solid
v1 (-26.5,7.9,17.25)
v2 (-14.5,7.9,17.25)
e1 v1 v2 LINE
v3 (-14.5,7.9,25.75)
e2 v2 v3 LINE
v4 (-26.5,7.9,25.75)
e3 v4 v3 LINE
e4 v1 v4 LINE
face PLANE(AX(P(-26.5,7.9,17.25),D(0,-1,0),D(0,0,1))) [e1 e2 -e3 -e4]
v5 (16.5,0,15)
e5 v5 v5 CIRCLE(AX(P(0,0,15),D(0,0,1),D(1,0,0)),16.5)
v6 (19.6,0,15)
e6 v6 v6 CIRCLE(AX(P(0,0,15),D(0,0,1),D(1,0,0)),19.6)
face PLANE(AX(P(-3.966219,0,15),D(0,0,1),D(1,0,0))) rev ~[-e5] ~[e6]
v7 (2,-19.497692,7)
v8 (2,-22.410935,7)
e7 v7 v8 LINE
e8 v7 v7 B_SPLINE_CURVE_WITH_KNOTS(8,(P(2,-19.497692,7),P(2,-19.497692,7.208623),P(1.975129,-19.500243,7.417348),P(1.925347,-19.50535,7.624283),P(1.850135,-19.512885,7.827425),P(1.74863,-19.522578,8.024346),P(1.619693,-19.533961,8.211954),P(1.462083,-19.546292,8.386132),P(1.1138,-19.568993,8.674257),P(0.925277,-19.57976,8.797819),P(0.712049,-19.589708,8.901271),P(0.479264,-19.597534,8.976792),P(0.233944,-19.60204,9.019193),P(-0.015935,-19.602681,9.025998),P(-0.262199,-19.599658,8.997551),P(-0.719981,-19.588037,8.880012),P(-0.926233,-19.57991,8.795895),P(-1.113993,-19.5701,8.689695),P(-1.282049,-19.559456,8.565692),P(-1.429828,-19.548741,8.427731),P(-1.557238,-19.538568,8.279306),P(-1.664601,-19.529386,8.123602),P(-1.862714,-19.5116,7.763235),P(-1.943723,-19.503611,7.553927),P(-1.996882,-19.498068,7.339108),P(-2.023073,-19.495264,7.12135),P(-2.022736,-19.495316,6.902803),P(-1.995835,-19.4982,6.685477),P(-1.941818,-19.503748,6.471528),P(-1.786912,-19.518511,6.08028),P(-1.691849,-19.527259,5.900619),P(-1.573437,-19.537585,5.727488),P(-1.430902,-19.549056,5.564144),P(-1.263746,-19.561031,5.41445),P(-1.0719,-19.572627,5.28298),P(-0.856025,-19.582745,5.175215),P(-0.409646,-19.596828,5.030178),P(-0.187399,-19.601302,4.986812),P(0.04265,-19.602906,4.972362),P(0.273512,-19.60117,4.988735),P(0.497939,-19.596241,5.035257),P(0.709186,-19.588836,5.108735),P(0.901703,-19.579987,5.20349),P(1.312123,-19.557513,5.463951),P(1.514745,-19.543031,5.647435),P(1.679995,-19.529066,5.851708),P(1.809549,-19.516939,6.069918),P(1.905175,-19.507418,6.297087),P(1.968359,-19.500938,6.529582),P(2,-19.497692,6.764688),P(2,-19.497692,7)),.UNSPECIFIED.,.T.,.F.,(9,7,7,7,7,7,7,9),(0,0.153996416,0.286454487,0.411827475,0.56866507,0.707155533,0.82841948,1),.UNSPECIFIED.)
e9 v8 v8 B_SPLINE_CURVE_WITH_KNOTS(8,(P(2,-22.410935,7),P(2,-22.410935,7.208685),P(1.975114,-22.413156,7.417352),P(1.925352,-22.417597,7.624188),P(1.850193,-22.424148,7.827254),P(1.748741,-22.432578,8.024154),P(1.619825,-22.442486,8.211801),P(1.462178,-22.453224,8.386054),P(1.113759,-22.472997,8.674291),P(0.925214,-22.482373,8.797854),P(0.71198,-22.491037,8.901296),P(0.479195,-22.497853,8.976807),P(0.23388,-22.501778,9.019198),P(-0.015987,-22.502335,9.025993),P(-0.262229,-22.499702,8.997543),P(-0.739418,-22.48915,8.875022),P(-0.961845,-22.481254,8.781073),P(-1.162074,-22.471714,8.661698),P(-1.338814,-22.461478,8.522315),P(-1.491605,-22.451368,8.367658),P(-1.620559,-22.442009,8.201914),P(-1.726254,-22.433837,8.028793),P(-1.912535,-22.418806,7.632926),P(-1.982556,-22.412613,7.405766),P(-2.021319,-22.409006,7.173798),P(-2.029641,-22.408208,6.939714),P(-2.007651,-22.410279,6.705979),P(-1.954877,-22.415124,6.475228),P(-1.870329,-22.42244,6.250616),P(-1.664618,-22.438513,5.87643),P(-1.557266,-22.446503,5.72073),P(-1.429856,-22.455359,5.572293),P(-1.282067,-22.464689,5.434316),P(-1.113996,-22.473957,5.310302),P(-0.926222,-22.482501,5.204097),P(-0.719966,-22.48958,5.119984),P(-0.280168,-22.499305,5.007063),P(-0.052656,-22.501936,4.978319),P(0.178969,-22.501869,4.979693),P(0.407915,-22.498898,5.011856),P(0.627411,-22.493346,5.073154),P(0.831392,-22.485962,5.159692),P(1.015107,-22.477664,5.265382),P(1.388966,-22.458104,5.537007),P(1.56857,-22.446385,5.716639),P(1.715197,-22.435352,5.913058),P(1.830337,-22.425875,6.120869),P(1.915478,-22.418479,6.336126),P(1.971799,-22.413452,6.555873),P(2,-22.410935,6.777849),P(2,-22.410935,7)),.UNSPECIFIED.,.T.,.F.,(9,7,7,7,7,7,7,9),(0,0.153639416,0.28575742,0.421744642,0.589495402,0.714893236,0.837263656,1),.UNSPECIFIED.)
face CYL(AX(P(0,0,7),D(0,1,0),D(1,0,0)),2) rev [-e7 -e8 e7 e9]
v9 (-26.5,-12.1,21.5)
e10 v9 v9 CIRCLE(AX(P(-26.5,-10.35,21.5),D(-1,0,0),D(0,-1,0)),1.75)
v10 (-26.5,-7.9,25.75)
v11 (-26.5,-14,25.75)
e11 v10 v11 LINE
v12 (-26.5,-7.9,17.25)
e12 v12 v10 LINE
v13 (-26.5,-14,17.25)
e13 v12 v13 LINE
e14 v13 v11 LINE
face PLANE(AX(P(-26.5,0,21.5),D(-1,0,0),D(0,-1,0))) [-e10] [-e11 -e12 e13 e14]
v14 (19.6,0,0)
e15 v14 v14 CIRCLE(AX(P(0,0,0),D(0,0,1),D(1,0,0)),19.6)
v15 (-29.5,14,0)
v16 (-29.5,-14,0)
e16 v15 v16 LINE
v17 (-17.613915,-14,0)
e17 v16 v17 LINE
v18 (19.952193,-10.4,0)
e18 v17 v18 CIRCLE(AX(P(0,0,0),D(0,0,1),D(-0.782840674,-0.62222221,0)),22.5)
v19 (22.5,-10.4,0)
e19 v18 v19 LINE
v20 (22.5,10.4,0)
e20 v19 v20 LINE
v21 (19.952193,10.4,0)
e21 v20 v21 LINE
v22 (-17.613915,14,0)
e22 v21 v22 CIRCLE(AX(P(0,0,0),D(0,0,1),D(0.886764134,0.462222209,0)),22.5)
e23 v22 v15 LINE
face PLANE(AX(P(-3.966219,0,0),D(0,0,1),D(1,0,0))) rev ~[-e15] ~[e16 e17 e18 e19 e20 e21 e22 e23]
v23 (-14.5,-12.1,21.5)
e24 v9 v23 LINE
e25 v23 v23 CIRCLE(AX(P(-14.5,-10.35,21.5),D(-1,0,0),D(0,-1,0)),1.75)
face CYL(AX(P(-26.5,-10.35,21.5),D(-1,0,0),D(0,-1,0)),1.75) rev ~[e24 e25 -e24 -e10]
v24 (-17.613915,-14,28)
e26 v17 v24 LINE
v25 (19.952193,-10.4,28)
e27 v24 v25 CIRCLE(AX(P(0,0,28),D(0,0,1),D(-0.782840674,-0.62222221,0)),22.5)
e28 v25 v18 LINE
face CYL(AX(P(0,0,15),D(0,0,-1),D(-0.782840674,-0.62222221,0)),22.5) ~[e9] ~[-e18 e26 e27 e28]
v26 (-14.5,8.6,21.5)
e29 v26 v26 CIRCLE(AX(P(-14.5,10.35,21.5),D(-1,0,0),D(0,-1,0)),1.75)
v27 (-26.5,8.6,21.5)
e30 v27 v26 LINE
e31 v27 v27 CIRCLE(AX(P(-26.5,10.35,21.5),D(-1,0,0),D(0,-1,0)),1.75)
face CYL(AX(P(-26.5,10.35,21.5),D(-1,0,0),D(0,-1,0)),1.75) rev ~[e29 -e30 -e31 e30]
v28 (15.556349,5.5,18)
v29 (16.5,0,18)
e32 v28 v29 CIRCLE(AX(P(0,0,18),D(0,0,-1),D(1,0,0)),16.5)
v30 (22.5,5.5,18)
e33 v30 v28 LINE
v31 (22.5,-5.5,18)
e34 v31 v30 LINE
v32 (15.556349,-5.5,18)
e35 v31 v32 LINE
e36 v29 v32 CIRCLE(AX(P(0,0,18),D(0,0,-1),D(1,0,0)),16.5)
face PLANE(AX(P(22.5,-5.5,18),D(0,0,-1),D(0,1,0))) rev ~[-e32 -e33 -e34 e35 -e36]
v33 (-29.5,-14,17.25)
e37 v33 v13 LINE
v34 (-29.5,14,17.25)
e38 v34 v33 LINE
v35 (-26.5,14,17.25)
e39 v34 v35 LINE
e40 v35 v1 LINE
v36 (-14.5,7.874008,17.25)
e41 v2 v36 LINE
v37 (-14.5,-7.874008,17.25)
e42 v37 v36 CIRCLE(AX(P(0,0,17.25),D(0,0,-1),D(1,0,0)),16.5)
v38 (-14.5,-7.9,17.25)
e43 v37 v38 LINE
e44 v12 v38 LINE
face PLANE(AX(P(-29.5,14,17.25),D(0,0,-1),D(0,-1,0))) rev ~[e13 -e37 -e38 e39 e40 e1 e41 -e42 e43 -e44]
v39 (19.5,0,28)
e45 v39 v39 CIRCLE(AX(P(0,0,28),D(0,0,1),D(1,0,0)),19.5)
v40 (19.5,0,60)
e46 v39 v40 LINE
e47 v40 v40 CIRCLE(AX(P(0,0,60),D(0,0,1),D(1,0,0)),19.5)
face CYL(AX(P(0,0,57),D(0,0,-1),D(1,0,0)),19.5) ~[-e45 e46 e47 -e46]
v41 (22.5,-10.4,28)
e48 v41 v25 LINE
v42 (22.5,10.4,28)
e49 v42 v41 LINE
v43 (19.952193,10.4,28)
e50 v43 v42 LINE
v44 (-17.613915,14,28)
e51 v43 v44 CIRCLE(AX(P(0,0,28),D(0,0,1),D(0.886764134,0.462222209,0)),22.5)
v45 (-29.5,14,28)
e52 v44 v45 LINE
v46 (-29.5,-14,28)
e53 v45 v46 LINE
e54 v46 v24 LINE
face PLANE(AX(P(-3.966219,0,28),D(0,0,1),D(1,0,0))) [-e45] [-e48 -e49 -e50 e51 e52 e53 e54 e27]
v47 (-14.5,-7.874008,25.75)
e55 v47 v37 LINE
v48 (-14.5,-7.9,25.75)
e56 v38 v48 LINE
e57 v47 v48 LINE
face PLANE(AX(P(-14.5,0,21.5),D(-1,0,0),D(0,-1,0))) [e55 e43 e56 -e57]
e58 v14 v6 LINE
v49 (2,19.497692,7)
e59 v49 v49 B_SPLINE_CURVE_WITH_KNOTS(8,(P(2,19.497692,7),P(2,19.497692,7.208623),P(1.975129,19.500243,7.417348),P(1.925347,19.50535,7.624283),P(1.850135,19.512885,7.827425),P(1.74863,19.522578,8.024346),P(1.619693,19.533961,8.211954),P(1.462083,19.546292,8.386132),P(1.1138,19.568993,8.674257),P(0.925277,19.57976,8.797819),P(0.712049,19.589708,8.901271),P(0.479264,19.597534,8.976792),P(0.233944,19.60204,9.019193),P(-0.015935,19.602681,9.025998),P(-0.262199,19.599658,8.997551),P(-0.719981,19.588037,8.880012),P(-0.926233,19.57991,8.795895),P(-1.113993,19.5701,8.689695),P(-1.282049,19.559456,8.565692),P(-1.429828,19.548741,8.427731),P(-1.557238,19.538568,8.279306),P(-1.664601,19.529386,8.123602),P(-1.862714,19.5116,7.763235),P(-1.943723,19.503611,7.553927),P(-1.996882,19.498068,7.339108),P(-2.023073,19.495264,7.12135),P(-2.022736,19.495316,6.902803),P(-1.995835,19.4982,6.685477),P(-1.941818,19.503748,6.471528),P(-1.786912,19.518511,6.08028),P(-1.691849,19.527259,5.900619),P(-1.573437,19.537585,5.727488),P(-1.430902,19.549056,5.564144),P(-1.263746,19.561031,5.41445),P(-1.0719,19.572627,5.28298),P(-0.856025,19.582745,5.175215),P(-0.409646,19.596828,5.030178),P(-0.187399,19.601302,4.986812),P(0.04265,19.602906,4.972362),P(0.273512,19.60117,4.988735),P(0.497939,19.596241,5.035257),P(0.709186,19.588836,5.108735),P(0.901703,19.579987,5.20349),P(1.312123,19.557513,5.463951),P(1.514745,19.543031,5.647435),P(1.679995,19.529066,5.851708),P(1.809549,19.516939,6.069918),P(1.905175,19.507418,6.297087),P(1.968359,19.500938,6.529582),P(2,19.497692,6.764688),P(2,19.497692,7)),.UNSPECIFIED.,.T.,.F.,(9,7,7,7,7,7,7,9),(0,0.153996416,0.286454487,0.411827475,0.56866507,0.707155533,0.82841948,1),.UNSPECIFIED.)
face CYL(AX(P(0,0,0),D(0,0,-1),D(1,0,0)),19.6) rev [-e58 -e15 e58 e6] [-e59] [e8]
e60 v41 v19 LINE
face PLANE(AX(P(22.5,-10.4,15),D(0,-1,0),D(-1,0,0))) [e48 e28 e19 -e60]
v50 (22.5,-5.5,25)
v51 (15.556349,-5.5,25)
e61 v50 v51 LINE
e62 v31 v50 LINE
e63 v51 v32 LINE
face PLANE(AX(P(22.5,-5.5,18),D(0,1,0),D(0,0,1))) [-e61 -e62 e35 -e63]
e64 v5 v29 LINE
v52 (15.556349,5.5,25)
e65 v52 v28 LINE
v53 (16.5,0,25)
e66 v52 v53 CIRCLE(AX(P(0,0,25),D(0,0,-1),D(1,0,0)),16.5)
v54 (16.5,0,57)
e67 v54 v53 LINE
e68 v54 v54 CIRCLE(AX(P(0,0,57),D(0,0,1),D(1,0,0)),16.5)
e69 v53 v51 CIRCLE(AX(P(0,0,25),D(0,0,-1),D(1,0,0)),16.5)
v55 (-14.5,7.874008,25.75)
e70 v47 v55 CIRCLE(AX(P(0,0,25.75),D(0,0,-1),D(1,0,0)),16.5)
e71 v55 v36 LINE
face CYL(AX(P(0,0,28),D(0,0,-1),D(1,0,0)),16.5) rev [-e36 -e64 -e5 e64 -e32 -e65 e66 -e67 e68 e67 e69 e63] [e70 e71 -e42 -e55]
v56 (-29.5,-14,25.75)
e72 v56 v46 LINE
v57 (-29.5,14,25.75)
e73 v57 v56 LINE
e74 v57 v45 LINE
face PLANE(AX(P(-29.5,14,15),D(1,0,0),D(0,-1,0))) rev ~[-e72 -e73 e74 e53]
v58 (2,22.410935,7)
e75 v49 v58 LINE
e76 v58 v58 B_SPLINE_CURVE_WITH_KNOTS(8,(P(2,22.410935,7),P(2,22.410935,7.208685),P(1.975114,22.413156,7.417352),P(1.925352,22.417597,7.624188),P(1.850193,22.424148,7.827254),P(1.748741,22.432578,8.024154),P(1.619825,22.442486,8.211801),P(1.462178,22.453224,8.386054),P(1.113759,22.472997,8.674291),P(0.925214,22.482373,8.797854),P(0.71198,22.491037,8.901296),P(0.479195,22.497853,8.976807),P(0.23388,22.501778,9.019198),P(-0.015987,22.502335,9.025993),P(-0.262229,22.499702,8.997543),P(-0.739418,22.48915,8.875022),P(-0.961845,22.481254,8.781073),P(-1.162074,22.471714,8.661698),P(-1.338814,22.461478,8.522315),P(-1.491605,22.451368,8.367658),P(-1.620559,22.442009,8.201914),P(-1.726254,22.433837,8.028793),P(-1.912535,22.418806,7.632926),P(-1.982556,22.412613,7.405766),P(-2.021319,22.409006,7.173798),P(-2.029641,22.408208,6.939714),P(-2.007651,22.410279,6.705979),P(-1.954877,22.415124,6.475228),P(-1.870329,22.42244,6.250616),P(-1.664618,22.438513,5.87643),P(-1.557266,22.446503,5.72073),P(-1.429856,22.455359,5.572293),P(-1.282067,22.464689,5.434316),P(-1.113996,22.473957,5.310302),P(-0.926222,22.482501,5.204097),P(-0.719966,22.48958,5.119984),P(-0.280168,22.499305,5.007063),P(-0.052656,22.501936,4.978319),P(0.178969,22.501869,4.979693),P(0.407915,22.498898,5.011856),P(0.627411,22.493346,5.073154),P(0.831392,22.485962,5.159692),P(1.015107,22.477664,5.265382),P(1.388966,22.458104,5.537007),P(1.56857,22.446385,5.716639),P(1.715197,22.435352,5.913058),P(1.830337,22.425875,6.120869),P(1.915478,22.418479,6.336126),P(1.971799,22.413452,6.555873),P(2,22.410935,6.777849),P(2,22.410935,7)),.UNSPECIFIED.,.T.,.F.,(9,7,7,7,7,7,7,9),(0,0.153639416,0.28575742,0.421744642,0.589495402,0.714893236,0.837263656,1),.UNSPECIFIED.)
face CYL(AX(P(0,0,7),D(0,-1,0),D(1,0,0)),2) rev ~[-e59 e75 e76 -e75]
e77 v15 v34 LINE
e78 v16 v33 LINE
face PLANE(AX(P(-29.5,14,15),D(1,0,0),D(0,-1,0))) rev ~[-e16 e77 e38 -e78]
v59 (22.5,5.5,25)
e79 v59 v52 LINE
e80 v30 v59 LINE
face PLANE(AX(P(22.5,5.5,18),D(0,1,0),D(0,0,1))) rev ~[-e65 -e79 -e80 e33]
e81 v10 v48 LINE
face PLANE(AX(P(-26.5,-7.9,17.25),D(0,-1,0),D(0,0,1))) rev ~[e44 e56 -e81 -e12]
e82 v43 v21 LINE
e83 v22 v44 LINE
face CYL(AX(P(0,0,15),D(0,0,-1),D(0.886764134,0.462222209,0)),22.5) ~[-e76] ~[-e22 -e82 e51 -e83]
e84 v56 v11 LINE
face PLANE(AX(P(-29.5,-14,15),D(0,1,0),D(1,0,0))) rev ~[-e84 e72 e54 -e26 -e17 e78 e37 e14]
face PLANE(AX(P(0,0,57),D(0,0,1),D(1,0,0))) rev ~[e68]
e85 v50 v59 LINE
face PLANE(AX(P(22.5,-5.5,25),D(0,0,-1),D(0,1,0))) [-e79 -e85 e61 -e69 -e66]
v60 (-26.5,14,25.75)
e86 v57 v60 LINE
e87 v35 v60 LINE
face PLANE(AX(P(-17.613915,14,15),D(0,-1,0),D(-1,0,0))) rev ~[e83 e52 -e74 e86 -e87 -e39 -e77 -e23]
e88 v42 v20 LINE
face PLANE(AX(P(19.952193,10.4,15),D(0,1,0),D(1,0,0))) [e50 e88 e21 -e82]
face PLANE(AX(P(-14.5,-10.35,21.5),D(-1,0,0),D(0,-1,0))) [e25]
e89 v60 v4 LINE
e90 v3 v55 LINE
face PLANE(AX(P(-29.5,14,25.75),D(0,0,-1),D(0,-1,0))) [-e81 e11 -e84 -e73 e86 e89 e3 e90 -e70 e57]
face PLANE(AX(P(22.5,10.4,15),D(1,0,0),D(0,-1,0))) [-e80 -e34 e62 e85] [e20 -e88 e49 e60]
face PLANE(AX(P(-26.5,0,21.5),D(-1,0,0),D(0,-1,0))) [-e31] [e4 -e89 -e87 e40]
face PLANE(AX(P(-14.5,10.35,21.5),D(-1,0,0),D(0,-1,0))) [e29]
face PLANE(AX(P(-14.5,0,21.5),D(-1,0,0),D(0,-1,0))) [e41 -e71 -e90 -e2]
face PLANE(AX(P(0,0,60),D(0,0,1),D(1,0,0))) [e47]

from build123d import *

# Parameters (mm, degrees)
SKETCH_R        = 19.6
PAD_DEPTH       = 15
SKETCH001_R     = 16.5
PAD001_DEPTH    = 13
SKETCH002_W     = 11
SKETCH002_H     = 7
POCKET_DEPTH    = 10
SKETCH003_W     = 28
SKETCH003_H     = 8.5
POCKET001_DEPTH = 3
SKETCH004_R     = 1.75
SKETCH004_W     = 15.8
SKETCH004_H     = 8.5
POCKET002_DEPTH = 12
SKETCH006_R     = 2
HOLE_DEPTH      = 22.501
SKETCH007_R     = 2
HOLE001_DEPTH   = 22.501
SKETCH008_R     = 19.5
SKETCH008_R_2   = 16.5
PAD002_DEPTH    = 29
SKETCH009_R     = 19.5
PAD003_DEPTH    = 3


with BuildPart() as part:
    # Sketch → Pad (new body)
    with BuildSketch(Plane.XY):
        with BuildLine():
            Line((-29.5, 14), (-29.5, -14))
            Line((-29.5, -14), (-17.613915, -14))
            ThreePointArc((-17.613915, -14), (2.146366, -22.397391), (19.952193, -10.4))
            Line((19.952193, -10.4), (22.5, -10.4))
            Line((22.5, -10.4), (22.5, 10.4))
            Line((22.5, 10.4), (19.952193, 10.4))
            ThreePointArc((19.952193, 10.4), (2.146366, 22.397391), (-17.613915, 14))
            Line((-17.613915, 14), (-29.5, 14))
        make_face()
        Circle(SKETCH_R, mode=Mode.SUBTRACT)
    extrude(amount=PAD_DEPTH)

    # Sketch001 (on Face11 of Pad) → Pad001 (join)
    with BuildSketch(Plane.XY.offset(15)):
        with BuildLine():
            ThreePointArc((19.952193, 10.4), (2.146366, 22.397391), (-17.613915, 14))
            Line((-17.613915, 14), (-29.5, 14))
            Line((-29.5, 14), (-29.5, -14))
            Line((-29.5, -14), (-17.613915, -14))
            ThreePointArc((-17.613915, -14), (2.146366, -22.397391), (19.952193, -10.4))
            Line((22.5, -10.4), (19.952193, -10.4))
            Line((22.5, 10.4), (22.5, -10.4))
            Line((19.952193, 10.4), (22.5, 10.4))
        make_face()
        Circle(SKETCH001_R, mode=Mode.SUBTRACT)
    extrude(amount=PAD001_DEPTH)

    # Sketch002 (on Face10 of Pad001) → Pocket (cut)
    with BuildSketch(Plane.YZ.offset(22.5)):
        with Locations((0, 21.5)):
            Rectangle(SKETCH002_W, SKETCH002_H)
    extrude(amount=-POCKET_DEPTH, mode=Mode.SUBTRACT)

    # Sketch003 (on Face2 of Pocket) → Pocket001 (cut)
    with BuildSketch(Plane(origin=(-29.5, 0, 0), x_dir=(0, -1, 0), z_dir=(-1, 0, 0))):
        with Locations((0, 21.5)):
            Rectangle(SKETCH003_W, SKETCH003_H)
    extrude(amount=-POCKET001_DEPTH, mode=Mode.SUBTRACT)

    # Sketch004 (on Face12 of Pocket001) → Pocket002 (cut)
    with BuildSketch(Plane(origin=(-26.5, 0, 0), x_dir=(0, -1, 0), z_dir=(-1, 0, 0))):
        with Locations((10.35, 21.5)):
            Circle(SKETCH004_R)
        with Locations((-10.35, 21.5)):
            Circle(SKETCH004_R)
        with Locations((0, 21.5)):
            Rectangle(SKETCH004_W, SKETCH004_H)
    extrude(amount=-POCKET002_DEPTH, mode=Mode.SUBTRACT)

    # Sketch006 → Hole (cut, through all)
    with BuildSketch(Plane.XZ):
        with Locations((0, 7)):
            Circle(SKETCH006_R)
    extrude(amount=-HOLE_DEPTH, mode=Mode.SUBTRACT)

    # Sketch007 → Hole001 (cut, through all)
    with BuildSketch(Plane.XZ):
        with Locations((0, 7)):
            Circle(SKETCH007_R)
    extrude(amount=HOLE001_DEPTH, mode=Mode.SUBTRACT)

    # Sketch008 (on Face15 of Hole001) → Pad002 (join)
    with BuildSketch(Plane.XY.offset(28)):
        Circle(SKETCH008_R)
        Circle(SKETCH008_R_2, mode=Mode.SUBTRACT)
    extrude(amount=PAD002_DEPTH)

    # Sketch009 (on Face32 of Pad002) → Pad003 (join)
    with BuildSketch(Plane.XY.offset(57)):
        Circle(SKETCH009_R)
    extrude(amount=PAD003_DEPTH)


solid = part.part
